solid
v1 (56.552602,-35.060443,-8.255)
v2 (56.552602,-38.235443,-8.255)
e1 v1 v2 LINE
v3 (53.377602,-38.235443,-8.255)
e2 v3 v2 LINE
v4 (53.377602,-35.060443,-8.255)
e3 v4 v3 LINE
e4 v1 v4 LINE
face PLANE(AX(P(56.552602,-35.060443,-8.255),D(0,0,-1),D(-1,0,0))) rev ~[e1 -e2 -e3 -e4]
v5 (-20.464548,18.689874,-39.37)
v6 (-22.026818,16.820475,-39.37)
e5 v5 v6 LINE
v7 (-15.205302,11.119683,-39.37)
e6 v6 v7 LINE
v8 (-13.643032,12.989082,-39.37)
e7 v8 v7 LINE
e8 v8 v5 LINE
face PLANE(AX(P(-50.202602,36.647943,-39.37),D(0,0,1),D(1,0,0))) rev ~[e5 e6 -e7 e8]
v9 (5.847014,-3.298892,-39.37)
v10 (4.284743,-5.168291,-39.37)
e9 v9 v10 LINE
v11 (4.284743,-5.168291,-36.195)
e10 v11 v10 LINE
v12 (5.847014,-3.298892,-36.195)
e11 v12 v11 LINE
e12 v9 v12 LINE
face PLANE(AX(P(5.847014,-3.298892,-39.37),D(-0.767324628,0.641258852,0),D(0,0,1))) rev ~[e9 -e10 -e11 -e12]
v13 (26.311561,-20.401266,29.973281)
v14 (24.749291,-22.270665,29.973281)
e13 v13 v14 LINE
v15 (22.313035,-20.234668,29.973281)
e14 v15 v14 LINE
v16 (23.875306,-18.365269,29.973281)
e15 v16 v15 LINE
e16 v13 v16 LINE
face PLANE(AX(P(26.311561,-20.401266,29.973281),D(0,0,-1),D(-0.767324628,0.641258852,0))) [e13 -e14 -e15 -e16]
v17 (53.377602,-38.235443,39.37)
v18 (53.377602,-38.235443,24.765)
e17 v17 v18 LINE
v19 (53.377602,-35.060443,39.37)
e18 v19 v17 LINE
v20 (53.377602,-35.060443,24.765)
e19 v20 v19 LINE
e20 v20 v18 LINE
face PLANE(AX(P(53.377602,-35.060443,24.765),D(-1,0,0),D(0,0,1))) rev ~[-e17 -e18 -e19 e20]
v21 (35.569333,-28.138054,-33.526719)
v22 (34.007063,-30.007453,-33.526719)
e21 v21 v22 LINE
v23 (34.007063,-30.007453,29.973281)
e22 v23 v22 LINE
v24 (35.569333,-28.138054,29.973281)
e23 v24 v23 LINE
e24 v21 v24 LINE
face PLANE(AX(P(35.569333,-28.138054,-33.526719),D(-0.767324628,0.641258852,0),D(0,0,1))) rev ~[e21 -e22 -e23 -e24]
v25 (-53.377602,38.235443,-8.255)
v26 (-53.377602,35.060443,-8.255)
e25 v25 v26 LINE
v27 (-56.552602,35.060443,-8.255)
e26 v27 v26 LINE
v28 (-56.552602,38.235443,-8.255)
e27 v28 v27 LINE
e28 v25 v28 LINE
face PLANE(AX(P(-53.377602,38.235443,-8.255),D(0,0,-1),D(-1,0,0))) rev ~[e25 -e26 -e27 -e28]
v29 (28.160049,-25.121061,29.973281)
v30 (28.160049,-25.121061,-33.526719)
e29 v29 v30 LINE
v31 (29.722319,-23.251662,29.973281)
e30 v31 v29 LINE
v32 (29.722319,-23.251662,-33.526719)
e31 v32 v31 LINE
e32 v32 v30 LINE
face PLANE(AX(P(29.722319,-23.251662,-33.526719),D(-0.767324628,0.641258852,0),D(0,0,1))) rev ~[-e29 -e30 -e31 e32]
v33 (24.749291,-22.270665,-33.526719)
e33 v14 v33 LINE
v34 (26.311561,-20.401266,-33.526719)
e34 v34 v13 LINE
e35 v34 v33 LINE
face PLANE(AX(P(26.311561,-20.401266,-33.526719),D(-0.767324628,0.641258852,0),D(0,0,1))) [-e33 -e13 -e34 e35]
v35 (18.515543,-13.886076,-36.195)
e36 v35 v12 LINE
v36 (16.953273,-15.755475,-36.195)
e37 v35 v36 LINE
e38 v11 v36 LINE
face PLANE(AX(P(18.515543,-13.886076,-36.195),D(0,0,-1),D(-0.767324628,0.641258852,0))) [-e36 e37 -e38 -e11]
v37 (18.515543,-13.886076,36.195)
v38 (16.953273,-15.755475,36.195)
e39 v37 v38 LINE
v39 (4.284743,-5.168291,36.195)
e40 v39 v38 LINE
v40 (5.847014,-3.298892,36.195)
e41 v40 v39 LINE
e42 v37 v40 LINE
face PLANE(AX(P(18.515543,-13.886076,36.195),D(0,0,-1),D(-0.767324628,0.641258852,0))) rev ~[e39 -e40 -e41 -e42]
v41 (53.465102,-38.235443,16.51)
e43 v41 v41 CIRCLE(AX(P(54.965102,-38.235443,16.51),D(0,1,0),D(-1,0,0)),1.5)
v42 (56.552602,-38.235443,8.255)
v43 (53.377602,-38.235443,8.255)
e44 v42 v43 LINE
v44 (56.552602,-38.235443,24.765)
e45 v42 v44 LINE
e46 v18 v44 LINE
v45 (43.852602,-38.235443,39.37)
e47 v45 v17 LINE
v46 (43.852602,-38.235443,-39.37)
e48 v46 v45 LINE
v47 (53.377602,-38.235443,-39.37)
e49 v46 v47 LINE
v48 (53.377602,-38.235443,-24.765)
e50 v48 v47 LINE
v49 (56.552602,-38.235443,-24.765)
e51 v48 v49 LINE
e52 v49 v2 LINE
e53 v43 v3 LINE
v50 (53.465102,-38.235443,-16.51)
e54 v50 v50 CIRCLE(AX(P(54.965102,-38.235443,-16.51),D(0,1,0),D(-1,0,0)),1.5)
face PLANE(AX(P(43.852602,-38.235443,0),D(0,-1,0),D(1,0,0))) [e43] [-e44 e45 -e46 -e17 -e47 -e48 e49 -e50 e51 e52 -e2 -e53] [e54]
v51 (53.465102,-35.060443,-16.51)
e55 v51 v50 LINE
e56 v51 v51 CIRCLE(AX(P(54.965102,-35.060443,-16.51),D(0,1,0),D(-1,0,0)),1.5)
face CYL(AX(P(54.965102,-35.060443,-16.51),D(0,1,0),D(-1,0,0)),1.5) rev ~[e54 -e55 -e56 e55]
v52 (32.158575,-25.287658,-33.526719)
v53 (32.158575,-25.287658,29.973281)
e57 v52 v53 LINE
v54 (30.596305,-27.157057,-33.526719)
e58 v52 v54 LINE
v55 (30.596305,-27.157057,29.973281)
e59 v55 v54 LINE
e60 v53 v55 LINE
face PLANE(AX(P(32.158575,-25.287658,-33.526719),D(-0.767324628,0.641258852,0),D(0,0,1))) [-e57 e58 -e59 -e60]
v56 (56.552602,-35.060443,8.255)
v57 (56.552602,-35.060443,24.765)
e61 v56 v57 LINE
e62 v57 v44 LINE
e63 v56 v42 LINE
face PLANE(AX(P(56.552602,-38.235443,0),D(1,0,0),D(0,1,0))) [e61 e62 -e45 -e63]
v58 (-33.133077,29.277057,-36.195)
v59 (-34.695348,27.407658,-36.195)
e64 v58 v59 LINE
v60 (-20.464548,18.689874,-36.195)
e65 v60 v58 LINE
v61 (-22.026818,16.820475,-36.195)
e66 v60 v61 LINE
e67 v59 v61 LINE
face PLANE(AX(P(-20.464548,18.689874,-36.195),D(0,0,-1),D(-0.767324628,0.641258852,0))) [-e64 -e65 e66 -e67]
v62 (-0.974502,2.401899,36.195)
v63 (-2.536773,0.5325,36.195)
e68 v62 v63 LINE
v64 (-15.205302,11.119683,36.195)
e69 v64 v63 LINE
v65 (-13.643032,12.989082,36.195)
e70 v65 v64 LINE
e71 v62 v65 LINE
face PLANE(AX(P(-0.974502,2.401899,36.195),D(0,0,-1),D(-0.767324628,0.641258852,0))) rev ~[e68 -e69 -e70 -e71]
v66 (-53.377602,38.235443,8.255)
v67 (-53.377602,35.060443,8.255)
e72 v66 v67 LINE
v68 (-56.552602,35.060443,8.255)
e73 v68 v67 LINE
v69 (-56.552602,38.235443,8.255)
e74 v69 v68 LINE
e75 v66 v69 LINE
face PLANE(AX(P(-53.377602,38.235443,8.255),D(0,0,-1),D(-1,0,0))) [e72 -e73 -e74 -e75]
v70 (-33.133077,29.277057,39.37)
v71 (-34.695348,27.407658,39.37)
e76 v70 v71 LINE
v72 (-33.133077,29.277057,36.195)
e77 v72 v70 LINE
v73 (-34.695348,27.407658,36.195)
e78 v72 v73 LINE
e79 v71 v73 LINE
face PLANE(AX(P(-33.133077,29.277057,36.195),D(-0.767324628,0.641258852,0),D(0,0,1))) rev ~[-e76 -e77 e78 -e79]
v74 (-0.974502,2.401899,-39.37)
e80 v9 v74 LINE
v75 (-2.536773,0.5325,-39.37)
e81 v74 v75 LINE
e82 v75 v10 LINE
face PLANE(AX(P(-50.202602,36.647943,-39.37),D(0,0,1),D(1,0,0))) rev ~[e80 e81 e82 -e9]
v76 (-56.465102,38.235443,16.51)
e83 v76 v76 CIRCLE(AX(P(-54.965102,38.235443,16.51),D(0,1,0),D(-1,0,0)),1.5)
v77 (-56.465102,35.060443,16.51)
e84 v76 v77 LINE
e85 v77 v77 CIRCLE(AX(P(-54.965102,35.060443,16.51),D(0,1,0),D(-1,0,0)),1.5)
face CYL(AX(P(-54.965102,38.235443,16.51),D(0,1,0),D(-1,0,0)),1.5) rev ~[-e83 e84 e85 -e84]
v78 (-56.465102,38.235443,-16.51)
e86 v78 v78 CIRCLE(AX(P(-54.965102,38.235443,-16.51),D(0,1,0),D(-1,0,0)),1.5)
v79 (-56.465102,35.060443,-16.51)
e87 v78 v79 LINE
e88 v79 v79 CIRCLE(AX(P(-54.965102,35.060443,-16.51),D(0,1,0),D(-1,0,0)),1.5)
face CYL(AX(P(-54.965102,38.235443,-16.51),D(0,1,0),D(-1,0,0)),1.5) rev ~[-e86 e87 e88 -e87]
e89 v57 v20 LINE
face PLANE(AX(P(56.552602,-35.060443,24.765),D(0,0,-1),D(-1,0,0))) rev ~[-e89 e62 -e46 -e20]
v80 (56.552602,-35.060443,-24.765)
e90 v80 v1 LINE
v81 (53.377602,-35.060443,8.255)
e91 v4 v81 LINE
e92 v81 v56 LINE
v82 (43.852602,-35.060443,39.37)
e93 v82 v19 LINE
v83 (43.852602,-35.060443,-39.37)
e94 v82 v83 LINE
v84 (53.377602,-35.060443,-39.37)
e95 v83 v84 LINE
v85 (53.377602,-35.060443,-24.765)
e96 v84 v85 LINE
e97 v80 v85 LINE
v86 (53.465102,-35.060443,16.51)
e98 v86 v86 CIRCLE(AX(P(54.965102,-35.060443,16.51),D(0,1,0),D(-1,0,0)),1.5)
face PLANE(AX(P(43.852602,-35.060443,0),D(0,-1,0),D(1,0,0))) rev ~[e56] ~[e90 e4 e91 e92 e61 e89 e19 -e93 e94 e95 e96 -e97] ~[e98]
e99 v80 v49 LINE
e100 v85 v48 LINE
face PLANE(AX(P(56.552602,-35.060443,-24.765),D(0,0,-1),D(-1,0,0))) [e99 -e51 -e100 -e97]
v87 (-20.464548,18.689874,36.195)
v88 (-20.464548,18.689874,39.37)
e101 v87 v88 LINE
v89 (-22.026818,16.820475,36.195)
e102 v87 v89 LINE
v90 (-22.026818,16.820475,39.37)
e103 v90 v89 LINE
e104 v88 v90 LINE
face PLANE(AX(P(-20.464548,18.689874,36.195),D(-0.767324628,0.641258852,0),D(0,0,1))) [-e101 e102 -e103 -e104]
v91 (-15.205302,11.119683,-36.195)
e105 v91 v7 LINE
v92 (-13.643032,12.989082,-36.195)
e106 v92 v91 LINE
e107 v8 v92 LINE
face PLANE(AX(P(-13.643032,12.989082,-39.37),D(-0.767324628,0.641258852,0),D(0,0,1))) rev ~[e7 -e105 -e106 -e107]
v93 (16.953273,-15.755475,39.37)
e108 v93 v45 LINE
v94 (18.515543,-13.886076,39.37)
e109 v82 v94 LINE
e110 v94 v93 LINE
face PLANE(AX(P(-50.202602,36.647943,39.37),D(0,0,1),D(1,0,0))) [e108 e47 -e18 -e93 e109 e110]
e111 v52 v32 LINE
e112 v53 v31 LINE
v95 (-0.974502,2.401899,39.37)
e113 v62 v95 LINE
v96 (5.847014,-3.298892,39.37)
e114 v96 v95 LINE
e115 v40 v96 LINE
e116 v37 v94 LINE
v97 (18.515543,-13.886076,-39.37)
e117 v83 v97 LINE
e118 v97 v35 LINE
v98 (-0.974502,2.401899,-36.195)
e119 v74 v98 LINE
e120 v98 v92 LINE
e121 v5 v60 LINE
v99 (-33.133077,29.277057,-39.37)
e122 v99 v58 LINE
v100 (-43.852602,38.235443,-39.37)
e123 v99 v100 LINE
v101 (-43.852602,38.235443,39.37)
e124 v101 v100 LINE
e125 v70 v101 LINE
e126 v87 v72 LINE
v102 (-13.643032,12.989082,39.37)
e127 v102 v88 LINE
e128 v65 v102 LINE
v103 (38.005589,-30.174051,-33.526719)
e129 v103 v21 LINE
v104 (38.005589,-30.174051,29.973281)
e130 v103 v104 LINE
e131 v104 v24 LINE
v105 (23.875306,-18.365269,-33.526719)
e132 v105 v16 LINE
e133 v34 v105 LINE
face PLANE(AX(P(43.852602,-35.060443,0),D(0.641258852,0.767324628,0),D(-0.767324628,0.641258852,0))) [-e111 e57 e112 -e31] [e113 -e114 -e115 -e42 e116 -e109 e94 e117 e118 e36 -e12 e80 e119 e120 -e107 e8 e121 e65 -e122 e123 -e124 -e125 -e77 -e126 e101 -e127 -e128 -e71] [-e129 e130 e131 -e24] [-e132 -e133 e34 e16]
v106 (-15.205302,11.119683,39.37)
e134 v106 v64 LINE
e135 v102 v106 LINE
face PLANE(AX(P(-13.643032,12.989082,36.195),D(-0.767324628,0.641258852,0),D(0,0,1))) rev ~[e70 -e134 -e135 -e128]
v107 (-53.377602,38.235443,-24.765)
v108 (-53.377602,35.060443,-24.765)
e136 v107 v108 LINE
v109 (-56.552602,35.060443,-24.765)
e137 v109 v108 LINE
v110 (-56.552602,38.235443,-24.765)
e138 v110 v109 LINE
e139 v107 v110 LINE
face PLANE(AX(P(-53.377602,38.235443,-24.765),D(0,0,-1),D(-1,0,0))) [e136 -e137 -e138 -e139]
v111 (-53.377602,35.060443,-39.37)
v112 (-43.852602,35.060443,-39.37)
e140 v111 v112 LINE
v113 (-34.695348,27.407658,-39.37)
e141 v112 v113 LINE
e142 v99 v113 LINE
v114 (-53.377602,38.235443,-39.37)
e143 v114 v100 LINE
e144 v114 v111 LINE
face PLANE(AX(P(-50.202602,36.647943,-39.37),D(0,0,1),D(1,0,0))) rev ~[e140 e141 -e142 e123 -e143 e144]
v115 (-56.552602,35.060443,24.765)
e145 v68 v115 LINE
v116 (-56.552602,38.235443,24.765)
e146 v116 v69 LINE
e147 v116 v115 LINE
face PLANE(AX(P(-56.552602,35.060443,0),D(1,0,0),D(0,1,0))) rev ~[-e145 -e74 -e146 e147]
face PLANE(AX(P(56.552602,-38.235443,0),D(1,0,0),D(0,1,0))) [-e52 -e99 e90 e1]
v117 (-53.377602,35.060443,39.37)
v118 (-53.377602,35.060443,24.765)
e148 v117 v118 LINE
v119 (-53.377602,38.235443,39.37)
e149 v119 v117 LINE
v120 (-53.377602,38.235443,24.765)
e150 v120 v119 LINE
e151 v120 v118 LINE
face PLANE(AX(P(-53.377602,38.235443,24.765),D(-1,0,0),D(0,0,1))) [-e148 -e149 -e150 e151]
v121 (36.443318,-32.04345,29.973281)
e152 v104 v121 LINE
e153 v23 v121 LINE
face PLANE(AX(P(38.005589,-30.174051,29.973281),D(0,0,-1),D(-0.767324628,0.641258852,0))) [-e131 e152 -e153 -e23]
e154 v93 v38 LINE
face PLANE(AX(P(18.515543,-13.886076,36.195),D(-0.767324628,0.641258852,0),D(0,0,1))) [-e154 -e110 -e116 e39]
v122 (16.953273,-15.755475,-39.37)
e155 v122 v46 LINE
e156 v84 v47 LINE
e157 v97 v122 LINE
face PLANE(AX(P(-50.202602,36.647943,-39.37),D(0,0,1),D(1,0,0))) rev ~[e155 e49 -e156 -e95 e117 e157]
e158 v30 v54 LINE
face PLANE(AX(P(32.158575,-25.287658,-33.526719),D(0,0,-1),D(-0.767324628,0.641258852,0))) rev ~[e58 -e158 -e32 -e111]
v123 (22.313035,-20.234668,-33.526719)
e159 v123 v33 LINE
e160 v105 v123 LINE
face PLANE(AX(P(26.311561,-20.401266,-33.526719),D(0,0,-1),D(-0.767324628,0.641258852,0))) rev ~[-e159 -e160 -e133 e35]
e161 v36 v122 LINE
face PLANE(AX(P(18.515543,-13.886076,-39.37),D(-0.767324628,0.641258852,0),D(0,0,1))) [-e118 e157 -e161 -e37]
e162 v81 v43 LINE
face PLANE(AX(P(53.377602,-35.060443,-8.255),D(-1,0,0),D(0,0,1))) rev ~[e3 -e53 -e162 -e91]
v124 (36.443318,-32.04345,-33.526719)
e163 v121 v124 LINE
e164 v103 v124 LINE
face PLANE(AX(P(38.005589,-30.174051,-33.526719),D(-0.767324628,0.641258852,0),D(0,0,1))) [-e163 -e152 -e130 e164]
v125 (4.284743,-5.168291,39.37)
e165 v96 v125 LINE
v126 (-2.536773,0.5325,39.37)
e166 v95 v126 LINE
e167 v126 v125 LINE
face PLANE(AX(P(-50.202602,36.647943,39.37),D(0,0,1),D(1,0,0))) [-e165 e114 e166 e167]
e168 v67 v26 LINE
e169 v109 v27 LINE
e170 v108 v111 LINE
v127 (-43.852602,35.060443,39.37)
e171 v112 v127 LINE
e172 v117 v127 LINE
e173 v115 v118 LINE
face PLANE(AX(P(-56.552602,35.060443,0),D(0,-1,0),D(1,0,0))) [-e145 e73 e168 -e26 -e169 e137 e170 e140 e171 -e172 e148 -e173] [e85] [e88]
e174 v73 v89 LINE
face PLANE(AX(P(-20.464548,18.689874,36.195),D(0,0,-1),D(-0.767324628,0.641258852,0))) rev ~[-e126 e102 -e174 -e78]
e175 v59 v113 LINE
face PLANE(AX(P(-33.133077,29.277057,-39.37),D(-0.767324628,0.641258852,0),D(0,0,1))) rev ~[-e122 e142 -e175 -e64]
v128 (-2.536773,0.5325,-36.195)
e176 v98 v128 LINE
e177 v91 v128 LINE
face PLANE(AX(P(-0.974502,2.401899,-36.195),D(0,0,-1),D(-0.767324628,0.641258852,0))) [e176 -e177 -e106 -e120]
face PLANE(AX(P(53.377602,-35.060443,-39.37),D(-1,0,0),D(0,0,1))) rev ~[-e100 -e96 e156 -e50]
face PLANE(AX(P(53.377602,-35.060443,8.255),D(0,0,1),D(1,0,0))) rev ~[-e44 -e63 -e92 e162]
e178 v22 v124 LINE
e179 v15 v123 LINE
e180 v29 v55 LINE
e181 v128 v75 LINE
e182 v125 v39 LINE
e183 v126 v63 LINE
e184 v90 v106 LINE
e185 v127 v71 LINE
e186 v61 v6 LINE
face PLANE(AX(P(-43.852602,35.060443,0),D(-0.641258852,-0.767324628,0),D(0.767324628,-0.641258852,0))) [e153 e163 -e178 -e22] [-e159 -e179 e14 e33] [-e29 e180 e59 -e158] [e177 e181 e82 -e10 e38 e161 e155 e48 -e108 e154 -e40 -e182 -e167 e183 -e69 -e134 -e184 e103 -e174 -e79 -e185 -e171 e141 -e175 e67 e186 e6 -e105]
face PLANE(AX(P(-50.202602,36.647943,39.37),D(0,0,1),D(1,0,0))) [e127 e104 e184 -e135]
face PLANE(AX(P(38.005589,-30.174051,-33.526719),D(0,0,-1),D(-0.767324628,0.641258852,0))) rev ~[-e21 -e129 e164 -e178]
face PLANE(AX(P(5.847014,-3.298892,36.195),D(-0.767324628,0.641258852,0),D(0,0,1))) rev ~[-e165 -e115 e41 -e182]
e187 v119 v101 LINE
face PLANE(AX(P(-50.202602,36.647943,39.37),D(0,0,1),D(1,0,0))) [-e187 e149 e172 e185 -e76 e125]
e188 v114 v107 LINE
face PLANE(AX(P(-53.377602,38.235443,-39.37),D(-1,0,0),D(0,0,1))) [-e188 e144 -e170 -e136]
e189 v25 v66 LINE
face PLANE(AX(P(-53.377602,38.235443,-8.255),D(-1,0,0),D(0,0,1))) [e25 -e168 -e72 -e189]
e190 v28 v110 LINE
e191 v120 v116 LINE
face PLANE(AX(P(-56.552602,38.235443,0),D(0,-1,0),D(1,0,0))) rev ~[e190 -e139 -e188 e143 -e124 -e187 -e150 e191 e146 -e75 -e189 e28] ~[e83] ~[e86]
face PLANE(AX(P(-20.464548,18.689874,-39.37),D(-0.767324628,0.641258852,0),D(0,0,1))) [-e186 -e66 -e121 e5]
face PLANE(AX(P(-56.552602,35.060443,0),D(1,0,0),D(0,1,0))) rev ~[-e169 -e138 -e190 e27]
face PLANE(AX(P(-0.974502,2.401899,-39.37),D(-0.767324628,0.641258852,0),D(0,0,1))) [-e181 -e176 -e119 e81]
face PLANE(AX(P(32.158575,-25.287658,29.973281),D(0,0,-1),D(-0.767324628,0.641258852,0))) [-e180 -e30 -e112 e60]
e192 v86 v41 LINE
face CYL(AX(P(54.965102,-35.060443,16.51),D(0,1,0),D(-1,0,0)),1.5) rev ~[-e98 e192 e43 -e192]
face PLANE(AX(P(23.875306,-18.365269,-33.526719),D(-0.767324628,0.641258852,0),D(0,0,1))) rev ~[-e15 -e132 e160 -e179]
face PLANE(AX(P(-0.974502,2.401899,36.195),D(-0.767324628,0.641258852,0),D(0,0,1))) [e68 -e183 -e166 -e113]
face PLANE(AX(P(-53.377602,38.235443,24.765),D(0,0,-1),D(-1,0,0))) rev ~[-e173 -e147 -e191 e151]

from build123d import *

# Parameters (mm, degrees)
F0_W     = 12.7
F0_H     = 3.175
F1_DEPTH = 39.37
F2_W     = 3.175
F2_H     = 14.605
F2_H_2   = 16.51
F2_R     = 1.5
F3_DEPTH = 25.4
F4_W     = 3.175
F4_H     = 14.605
F4_R     = 1.5
F5_DEPTH = 25.4
F6_W     = 3.175
F6_H     = 63.5
F6_W_2   = 16.51
F6_H_2   = 3.175
F7_DEPTH = 25.4


with BuildPart() as f1:
    # F0 (on Top) → F1 (new body, symmetric)
    with BuildSketch(Plane.XY):
        with Locations((-50.2026024774, 36.647943407)):
            Rectangle(F0_W, F0_H)
        Polygon((-43.8526024774, 38.235443407), (-43.8526024774, 35.060443407), (43.8526024774, -38.235443407), (43.8526024774, -35.060443407), align=None)
        with Locations((50.2026024774, -36.647943407)):
            Rectangle(F0_W, F0_H)
    extrude(amount=F1_DEPTH, both=True)

    # F2 (on face) → F3 (cut)
    with BuildSketch(Plane(origin=(0, 38.235443407, 0), x_dir=(-1, 0, 0), z_dir=(0, 1, 0))):
        with Locations((54.9651024774, 32.0675)):
            Rectangle(F2_W, F2_H)
        with Locations((54.9651024774, 0)):
            Rectangle(F2_W, F2_H_2)
        with Locations((54.9651024774, -32.0675)):
            Rectangle(F2_W, F2_H)
        with Locations((54.9651024774, 16.51)):
            Circle(F2_R)
        with Locations((54.9651024774, -16.51)):
            Circle(F2_R)
    extrude(amount=-F3_DEPTH, mode=Mode.SUBTRACT)

    # F4 (on face) → F5 (cut)
    with BuildSketch(Plane(origin=(0, -35.060443407, 0), x_dir=(-1, 0, 0), z_dir=(0, 1, 0))):
        with Locations((-54.9651024774, 32.0675)):
            Rectangle(F4_W, F4_H)
        with Locations((-54.9651024774, -32.0675)):
            Rectangle(F4_W, F4_H)
        Polygon((-56.5526024774, 8.255), (-56.5526024774, 0), (-56.5526024774, -8.255), (-53.3776024774, -8.255), (-53.3776024774, 8.255), align=None)
        with Locations((-54.9651024774, 16.51)):
            Circle(F4_R)
        with Locations((-54.9651024774, -16.51)):
            Circle(F4_R)
    extrude(amount=-F5_DEPTH, mode=Mode.SUBTRACT)

    # F6 (on face) → F7 (cut)
    with BuildSketch(Plane(origin=(0.7811352648, 0.9346994965, 0), x_dir=(-0.7673246278, 0.6412588523, 0), z_dir=(0.6412588523, 0.7673246278, 0))):
        with Locations((-31.684501572, -1.7767186165)):
            Rectangle(F6_W, F6_H)
        with Locations((-39.304501572, -1.7767186165)):
            Rectangle(F6_W, F6_H)
        with Locations((-46.924501572, -1.7767186165)):
            Rectangle(F6_W, F6_H)
        with Locations((35.942998428, 37.7825)):
            Rectangle(F6_W_2, F6_H_2)
        with Locations((10.542998428, 37.7825)):
            Rectangle(F6_W_2, F6_H_2)
        with Locations((-14.857001572, 37.7825)):
            Rectangle(F6_W_2, F6_H_2)
        with Locations((35.942998428, -37.7825)):
            Rectangle(F6_W_2, F6_H_2)
        with Locations((10.542998428, -37.7825)):
            Rectangle(F6_W_2, F6_H_2)
        with Locations((-14.857001572, -37.7825)):
            Rectangle(F6_W_2, F6_H_2)
    extrude(amount=-F7_DEPTH, mode=Mode.SUBTRACT)


solid = f1.part
